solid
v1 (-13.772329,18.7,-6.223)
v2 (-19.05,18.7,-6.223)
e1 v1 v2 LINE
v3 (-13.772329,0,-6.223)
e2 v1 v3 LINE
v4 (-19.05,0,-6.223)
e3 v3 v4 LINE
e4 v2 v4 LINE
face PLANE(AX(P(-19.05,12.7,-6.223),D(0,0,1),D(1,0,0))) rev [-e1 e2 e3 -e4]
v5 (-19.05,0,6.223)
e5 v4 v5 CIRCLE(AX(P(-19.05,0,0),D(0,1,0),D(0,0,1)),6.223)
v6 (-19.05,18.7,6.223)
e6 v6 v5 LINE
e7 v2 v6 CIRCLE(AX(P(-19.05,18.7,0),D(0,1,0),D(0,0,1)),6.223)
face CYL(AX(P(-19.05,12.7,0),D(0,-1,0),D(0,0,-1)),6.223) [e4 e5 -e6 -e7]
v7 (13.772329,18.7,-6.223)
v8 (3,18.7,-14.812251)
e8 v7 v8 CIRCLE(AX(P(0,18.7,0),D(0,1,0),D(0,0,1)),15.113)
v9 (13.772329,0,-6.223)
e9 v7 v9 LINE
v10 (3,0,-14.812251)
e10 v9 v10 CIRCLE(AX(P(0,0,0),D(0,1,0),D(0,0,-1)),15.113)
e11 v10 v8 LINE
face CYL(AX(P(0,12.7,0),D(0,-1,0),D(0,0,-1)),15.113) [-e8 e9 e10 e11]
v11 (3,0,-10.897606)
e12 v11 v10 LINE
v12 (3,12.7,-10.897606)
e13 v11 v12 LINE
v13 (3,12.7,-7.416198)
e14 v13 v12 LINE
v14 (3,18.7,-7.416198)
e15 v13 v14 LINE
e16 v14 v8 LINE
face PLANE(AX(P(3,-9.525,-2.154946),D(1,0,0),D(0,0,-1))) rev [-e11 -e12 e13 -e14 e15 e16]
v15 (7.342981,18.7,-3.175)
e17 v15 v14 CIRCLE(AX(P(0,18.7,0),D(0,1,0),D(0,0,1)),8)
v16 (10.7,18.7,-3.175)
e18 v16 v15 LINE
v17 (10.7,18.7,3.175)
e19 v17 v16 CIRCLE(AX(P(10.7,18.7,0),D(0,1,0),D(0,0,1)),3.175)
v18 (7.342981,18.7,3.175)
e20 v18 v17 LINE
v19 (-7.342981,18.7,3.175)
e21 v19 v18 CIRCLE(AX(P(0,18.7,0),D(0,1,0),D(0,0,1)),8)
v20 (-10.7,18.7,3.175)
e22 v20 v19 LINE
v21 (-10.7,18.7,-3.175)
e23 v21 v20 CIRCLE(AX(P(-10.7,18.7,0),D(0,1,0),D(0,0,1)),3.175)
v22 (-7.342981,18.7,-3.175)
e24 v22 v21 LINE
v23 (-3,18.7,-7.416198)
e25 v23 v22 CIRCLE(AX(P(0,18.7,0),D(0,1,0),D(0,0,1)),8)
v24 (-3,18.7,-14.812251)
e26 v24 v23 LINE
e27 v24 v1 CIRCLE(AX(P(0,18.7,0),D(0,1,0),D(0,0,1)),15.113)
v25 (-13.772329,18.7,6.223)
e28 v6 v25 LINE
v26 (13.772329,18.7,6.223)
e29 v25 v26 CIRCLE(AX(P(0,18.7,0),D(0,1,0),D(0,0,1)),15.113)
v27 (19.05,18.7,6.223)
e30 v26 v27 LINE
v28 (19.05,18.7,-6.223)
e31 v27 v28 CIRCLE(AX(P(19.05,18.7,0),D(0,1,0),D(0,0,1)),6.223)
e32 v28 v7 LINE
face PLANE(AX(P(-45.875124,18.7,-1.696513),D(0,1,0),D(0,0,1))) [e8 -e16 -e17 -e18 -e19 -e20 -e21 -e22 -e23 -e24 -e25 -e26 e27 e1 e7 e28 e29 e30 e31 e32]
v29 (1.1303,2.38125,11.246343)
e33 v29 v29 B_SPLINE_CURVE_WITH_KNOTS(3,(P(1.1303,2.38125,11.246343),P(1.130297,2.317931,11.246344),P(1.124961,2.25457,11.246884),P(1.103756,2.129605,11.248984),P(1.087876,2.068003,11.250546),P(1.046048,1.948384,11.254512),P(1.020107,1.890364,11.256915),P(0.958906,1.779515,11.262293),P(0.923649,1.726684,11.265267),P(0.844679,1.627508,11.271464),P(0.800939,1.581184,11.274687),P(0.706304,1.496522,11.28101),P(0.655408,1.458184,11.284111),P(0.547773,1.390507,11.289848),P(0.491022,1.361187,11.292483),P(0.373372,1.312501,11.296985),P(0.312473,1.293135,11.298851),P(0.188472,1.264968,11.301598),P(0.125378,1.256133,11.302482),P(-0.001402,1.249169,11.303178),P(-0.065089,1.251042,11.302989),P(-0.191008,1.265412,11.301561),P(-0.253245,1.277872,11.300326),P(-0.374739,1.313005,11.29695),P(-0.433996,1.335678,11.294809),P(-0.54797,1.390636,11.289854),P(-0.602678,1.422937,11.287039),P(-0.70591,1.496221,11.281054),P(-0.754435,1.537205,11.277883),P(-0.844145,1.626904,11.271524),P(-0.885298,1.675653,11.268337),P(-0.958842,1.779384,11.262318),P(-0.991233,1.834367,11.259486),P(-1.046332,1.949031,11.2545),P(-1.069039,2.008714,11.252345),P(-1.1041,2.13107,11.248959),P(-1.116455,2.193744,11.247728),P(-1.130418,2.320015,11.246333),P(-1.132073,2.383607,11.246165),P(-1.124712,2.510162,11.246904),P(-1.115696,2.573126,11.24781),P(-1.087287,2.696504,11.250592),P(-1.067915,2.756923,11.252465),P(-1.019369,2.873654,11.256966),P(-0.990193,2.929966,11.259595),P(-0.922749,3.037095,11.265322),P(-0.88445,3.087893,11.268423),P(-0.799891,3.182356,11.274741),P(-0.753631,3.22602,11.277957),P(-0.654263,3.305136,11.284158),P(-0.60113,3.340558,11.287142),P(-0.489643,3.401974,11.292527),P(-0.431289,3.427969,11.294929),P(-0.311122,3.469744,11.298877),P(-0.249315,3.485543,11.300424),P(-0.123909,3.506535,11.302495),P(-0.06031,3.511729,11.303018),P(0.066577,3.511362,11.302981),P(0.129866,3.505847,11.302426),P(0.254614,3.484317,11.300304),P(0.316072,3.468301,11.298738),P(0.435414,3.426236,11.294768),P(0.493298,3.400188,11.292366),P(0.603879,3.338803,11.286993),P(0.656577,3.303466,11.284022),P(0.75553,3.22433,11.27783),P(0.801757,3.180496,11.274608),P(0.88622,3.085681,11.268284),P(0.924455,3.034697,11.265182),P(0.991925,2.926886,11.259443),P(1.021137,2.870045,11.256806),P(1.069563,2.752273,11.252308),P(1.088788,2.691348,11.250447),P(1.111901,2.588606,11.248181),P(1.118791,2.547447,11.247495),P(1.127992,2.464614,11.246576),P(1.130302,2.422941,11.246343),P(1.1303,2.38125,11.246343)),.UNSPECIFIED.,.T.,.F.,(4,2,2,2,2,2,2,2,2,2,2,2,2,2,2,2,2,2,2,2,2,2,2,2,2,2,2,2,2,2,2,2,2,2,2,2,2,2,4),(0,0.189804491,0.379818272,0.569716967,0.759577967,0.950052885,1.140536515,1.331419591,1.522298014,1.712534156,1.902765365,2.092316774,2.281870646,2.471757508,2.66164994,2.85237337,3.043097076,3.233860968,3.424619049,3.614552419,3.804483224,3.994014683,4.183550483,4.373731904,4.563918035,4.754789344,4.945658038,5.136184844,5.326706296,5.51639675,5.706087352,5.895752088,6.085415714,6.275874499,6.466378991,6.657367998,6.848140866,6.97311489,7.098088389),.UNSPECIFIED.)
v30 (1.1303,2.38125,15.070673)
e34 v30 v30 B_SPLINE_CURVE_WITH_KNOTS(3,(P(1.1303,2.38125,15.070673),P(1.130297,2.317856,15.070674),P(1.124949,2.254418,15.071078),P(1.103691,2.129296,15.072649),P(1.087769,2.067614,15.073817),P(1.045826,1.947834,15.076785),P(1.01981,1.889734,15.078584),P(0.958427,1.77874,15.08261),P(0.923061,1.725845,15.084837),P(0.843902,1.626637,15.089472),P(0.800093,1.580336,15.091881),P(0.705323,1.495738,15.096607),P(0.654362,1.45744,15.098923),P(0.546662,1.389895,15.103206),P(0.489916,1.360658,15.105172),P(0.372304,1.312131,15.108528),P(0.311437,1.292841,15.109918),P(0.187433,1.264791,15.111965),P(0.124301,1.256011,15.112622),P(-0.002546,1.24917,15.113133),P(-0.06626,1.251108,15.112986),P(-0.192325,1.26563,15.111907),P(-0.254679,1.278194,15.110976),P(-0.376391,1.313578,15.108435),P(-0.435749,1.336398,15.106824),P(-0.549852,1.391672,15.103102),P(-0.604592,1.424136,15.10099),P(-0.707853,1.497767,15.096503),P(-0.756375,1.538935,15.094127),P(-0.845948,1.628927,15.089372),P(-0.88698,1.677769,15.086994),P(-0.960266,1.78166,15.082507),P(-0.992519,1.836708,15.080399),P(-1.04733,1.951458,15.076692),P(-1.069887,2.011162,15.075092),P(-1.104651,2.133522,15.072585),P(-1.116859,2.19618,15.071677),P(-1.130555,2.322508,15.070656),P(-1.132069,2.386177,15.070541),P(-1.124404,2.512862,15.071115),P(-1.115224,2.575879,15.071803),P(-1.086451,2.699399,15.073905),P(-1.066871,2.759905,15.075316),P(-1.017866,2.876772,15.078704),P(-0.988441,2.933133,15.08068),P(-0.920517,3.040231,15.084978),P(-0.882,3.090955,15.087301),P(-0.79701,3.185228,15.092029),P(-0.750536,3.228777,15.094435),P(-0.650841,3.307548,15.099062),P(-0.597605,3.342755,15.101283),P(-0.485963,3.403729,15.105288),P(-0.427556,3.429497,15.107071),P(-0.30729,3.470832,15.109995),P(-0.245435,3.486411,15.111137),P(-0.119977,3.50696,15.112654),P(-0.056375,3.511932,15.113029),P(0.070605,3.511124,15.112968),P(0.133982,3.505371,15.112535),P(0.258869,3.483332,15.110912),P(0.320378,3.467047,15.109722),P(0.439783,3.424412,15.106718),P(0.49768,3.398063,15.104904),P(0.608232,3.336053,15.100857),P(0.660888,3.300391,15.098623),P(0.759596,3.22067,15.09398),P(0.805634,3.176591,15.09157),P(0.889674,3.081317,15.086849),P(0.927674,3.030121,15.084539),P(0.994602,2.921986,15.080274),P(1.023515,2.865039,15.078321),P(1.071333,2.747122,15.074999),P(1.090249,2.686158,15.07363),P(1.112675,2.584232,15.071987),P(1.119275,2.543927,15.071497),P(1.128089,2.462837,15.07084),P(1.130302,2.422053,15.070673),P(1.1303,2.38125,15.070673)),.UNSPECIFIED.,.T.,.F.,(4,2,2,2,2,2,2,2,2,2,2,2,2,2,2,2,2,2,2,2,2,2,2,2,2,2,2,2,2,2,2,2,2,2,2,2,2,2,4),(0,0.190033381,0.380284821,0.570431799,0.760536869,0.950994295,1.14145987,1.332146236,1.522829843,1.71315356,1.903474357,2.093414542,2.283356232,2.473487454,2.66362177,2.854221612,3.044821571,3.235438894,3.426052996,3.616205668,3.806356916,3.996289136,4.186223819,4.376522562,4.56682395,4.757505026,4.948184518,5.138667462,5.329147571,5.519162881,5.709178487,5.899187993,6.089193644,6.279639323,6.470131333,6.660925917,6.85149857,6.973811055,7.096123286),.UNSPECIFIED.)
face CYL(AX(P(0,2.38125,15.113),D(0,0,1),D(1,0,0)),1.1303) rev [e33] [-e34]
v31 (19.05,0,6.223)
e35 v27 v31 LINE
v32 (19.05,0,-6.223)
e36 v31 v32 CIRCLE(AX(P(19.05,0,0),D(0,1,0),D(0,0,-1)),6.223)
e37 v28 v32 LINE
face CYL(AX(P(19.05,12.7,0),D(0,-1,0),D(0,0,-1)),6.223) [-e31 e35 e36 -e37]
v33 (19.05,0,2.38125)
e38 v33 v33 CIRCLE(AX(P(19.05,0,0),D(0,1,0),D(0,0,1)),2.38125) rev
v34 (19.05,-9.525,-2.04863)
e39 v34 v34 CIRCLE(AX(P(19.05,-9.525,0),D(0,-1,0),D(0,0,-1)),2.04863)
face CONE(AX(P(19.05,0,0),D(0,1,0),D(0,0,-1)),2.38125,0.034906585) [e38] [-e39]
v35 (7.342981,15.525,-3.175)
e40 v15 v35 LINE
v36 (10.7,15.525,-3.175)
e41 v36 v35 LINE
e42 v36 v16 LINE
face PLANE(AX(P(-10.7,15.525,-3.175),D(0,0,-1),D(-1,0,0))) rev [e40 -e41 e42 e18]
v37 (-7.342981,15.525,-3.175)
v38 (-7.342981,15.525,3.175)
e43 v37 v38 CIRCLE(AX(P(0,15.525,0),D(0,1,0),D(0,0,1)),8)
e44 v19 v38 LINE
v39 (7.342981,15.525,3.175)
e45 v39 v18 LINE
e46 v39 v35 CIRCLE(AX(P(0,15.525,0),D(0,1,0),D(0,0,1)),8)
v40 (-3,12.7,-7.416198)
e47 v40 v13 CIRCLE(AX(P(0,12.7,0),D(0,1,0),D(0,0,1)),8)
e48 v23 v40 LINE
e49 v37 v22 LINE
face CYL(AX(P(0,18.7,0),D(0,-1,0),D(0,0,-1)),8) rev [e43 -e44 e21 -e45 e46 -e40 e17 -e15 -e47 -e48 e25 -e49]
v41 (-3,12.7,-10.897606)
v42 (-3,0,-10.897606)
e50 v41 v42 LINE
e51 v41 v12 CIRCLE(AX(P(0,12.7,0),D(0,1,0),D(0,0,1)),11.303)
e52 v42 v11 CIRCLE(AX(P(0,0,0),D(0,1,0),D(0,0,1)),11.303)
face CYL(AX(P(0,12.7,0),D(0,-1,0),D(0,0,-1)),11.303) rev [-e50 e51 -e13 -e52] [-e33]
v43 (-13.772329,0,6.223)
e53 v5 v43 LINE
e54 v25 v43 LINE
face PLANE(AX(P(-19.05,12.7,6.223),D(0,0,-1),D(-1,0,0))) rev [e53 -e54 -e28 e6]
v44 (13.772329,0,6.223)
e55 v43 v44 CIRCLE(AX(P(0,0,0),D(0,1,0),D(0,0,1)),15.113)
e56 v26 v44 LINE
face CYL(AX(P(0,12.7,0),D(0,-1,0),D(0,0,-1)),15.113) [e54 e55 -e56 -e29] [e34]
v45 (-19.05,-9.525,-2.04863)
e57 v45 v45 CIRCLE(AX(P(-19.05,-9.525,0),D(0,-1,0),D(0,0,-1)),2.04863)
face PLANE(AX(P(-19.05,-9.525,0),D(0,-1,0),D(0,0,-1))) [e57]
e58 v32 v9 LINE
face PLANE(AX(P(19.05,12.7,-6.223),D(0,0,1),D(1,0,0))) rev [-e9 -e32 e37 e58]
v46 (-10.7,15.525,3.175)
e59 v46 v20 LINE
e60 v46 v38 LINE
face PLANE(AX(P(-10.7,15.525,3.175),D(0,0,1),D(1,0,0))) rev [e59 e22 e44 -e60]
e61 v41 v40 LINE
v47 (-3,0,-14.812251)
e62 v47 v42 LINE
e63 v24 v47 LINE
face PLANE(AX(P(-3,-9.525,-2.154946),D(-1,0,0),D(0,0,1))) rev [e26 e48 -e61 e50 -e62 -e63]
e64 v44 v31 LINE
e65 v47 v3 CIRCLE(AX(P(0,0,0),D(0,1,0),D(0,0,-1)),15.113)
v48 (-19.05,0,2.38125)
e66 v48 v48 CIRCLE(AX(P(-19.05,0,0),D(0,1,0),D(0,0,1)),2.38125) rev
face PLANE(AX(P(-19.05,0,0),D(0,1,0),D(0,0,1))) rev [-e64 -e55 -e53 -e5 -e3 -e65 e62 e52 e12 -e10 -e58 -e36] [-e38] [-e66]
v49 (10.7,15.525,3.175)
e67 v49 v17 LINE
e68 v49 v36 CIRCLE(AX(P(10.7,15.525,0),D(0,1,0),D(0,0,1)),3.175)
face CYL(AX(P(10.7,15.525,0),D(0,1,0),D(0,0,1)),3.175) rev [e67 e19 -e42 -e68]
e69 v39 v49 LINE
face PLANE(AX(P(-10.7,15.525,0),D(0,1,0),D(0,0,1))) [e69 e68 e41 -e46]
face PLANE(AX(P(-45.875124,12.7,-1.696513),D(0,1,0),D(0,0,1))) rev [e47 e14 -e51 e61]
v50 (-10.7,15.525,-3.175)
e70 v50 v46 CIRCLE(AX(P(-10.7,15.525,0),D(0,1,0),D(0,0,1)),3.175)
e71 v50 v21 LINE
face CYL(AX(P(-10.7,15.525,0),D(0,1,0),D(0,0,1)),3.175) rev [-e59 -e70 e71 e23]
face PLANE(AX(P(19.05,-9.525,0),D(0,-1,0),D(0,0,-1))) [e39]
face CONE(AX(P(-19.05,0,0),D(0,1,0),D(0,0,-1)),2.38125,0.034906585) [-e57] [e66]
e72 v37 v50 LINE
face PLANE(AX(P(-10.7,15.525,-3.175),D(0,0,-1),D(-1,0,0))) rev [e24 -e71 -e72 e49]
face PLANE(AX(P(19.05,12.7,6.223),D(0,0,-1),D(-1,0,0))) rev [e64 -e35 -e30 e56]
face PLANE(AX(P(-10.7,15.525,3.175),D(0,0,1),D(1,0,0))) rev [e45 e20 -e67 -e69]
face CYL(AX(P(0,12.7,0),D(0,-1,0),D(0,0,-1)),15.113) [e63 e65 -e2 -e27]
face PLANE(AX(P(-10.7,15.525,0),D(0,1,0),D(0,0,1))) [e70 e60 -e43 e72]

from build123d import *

# Parameters (mm, degrees)
SKETCH1_R             = 11.303
BOSS_EXTRUDE1_DEPTH   = 12.7
F_4_40_TAPPED_HOLE1_D = 2.2606
SKETCH10_R            = 2.38125
BOSS_EXTRUDE2_DEPTH   = 9.525
BOSS_EXTRUDE2_TAPER   = 2
SKETCH14_R            = 11.303
SKETCH14_R_2          = 8
BOSS_EXTRUDE3_DEPTH   = 6
SKETCH20_W            = 6
SKETCH20_H            = 15.993334041
CUT_EXTRUDE3_DEPTH    = 29.2250001
CUT_EXTRUDE4_DEPTH    = 3.175


with BuildPart() as part:
    # Sketch1 → Boss-Extrude1 (new body)
    with BuildSketch(Plane(origin=(0, 0, 0), x_dir=(1, 0, 0), z_dir=(0, 1, 0))):
        with BuildLine():
            Line((-19.05, 6.223), (-13.772328779, 6.223))
            ThreePointArc((-13.772328779, 6.223), (0, 15.113), (13.772328779, 6.223))
            Line((13.772328779, 6.223), (19.05, 6.223))
            ThreePointArc((19.05, 6.223), (25.273, 0), (19.05, -6.223))
            Line((19.05, -6.223), (13.772328779, -6.223))
            ThreePointArc((13.772328779, -6.223), (0, -15.113), (-13.772328779, -6.223))
            Line((-13.772328779, -6.223), (-19.05, -6.223))
            ThreePointArc((-19.05, -6.223), (-25.273, 0), (-19.05, 6.223))
        make_face()
        Circle(SKETCH1_R, mode=Mode.SUBTRACT)
    extrude(amount=BOSS_EXTRUDE1_DEPTH)

    # #4-40 Tapped Hole1 (through all)
    with Locations(Plane.XY.offset(15.113)):
        with Locations((0, 2.38125)):
            Hole(F_4_40_TAPPED_HOLE1_D / 2)

    # Sketch10 → Boss-Extrude2 (add)
    with BuildSketch(Plane.XZ):
        with Locations((-19.05, 0)):
            Circle(SKETCH10_R)
        with Locations((19.05, 0)):
            Circle(SKETCH10_R)
    extrude(amount=BOSS_EXTRUDE2_DEPTH, taper=BOSS_EXTRUDE2_TAPER)

    # Sketch14 → Boss-Extrude3 (add)
    with BuildSketch(Plane(origin=(0, 12.7, 0), x_dir=(1, 0, 0), z_dir=(0, 1, 0))):
        with BuildLine():
            ThreePointArc((13.772328779, 6.223), (14.774030828, 3.182888952), (15.113, 0))
            ThreePointArc((15.113, 0), (14.774030828, -3.182888952), (13.772328779, -6.223))
            Line((13.772328779, -6.223), (19.05, -6.223))
            ThreePointArc((19.05, -6.223), (25.273, 0), (19.05, 6.223))
            Line((19.05, 6.223), (13.772328779, 6.223))
        make_face()
        with BuildLine():
            ThreePointArc((-13.772328779, -6.223), (-15.113, 0), (-13.772328779, 6.223))
            Line((-13.772328779, 6.223), (-19.05, 6.223))
            ThreePointArc((-19.05, 6.223), (-25.273, 0), (-19.05, -6.223))
            Line((-19.05, -6.223), (-13.772328779, -6.223))
        make_face()
        with BuildLine():
            ThreePointArc((13.772328779, -6.223), (14.774030828, -3.182888952), (15.113, 0))
            ThreePointArc((15.113, 0), (14.774030828, 3.182888952), (13.772328779, 6.223))
            ThreePointArc((13.772328779, 6.223), (0, 15.113), (-13.772328779, 6.223))
            ThreePointArc((-13.772328779, 6.223), (-15.113, 0), (-13.772328779, -6.223))
            ThreePointArc((-13.772328779, -6.223), (0, -15.113), (13.772328779, -6.223))
        make_face()
        Circle(SKETCH14_R, mode=Mode.SUBTRACT)
        Circle(SKETCH14_R)
        Circle(SKETCH14_R_2, mode=Mode.SUBTRACT)
    extrude(amount=BOSS_EXTRUDE3_DEPTH)

    # Sketch20 → Cut-Extrude3 (cut, through all)
    with BuildSketch(Plane(origin=(0, 18.7, 0), x_dir=(1, 0, 0), z_dir=(0, 1, 0))):
        with Locations((0, 10.151613004)):
            Rectangle(SKETCH20_W, SKETCH20_H)
    extrude(amount=-CUT_EXTRUDE3_DEPTH, mode=Mode.SUBTRACT)

    # Sketch21 → Cut-Extrude4 (cut)
    with BuildSketch(Plane(origin=(0, 18.7, 0), x_dir=(1, 0, 0), z_dir=(0, 1, 0))):
        with BuildLine():
            Line((-10.700000063, 3.175), (10.700000063, 3.175))
            ThreePointArc((10.700000063, 3.175), (13.875000063, 0), (10.700000063, -3.175))
            Line((10.700000063, -3.175), (-10.700000063, -3.175))
            ThreePointArc((-10.700000063, -3.175), (-13.875000063, 0), (-10.700000063, 3.175))
        make_face()
    extrude(amount=-CUT_EXTRUDE4_DEPTH, mode=Mode.SUBTRACT)


solid = part.part
